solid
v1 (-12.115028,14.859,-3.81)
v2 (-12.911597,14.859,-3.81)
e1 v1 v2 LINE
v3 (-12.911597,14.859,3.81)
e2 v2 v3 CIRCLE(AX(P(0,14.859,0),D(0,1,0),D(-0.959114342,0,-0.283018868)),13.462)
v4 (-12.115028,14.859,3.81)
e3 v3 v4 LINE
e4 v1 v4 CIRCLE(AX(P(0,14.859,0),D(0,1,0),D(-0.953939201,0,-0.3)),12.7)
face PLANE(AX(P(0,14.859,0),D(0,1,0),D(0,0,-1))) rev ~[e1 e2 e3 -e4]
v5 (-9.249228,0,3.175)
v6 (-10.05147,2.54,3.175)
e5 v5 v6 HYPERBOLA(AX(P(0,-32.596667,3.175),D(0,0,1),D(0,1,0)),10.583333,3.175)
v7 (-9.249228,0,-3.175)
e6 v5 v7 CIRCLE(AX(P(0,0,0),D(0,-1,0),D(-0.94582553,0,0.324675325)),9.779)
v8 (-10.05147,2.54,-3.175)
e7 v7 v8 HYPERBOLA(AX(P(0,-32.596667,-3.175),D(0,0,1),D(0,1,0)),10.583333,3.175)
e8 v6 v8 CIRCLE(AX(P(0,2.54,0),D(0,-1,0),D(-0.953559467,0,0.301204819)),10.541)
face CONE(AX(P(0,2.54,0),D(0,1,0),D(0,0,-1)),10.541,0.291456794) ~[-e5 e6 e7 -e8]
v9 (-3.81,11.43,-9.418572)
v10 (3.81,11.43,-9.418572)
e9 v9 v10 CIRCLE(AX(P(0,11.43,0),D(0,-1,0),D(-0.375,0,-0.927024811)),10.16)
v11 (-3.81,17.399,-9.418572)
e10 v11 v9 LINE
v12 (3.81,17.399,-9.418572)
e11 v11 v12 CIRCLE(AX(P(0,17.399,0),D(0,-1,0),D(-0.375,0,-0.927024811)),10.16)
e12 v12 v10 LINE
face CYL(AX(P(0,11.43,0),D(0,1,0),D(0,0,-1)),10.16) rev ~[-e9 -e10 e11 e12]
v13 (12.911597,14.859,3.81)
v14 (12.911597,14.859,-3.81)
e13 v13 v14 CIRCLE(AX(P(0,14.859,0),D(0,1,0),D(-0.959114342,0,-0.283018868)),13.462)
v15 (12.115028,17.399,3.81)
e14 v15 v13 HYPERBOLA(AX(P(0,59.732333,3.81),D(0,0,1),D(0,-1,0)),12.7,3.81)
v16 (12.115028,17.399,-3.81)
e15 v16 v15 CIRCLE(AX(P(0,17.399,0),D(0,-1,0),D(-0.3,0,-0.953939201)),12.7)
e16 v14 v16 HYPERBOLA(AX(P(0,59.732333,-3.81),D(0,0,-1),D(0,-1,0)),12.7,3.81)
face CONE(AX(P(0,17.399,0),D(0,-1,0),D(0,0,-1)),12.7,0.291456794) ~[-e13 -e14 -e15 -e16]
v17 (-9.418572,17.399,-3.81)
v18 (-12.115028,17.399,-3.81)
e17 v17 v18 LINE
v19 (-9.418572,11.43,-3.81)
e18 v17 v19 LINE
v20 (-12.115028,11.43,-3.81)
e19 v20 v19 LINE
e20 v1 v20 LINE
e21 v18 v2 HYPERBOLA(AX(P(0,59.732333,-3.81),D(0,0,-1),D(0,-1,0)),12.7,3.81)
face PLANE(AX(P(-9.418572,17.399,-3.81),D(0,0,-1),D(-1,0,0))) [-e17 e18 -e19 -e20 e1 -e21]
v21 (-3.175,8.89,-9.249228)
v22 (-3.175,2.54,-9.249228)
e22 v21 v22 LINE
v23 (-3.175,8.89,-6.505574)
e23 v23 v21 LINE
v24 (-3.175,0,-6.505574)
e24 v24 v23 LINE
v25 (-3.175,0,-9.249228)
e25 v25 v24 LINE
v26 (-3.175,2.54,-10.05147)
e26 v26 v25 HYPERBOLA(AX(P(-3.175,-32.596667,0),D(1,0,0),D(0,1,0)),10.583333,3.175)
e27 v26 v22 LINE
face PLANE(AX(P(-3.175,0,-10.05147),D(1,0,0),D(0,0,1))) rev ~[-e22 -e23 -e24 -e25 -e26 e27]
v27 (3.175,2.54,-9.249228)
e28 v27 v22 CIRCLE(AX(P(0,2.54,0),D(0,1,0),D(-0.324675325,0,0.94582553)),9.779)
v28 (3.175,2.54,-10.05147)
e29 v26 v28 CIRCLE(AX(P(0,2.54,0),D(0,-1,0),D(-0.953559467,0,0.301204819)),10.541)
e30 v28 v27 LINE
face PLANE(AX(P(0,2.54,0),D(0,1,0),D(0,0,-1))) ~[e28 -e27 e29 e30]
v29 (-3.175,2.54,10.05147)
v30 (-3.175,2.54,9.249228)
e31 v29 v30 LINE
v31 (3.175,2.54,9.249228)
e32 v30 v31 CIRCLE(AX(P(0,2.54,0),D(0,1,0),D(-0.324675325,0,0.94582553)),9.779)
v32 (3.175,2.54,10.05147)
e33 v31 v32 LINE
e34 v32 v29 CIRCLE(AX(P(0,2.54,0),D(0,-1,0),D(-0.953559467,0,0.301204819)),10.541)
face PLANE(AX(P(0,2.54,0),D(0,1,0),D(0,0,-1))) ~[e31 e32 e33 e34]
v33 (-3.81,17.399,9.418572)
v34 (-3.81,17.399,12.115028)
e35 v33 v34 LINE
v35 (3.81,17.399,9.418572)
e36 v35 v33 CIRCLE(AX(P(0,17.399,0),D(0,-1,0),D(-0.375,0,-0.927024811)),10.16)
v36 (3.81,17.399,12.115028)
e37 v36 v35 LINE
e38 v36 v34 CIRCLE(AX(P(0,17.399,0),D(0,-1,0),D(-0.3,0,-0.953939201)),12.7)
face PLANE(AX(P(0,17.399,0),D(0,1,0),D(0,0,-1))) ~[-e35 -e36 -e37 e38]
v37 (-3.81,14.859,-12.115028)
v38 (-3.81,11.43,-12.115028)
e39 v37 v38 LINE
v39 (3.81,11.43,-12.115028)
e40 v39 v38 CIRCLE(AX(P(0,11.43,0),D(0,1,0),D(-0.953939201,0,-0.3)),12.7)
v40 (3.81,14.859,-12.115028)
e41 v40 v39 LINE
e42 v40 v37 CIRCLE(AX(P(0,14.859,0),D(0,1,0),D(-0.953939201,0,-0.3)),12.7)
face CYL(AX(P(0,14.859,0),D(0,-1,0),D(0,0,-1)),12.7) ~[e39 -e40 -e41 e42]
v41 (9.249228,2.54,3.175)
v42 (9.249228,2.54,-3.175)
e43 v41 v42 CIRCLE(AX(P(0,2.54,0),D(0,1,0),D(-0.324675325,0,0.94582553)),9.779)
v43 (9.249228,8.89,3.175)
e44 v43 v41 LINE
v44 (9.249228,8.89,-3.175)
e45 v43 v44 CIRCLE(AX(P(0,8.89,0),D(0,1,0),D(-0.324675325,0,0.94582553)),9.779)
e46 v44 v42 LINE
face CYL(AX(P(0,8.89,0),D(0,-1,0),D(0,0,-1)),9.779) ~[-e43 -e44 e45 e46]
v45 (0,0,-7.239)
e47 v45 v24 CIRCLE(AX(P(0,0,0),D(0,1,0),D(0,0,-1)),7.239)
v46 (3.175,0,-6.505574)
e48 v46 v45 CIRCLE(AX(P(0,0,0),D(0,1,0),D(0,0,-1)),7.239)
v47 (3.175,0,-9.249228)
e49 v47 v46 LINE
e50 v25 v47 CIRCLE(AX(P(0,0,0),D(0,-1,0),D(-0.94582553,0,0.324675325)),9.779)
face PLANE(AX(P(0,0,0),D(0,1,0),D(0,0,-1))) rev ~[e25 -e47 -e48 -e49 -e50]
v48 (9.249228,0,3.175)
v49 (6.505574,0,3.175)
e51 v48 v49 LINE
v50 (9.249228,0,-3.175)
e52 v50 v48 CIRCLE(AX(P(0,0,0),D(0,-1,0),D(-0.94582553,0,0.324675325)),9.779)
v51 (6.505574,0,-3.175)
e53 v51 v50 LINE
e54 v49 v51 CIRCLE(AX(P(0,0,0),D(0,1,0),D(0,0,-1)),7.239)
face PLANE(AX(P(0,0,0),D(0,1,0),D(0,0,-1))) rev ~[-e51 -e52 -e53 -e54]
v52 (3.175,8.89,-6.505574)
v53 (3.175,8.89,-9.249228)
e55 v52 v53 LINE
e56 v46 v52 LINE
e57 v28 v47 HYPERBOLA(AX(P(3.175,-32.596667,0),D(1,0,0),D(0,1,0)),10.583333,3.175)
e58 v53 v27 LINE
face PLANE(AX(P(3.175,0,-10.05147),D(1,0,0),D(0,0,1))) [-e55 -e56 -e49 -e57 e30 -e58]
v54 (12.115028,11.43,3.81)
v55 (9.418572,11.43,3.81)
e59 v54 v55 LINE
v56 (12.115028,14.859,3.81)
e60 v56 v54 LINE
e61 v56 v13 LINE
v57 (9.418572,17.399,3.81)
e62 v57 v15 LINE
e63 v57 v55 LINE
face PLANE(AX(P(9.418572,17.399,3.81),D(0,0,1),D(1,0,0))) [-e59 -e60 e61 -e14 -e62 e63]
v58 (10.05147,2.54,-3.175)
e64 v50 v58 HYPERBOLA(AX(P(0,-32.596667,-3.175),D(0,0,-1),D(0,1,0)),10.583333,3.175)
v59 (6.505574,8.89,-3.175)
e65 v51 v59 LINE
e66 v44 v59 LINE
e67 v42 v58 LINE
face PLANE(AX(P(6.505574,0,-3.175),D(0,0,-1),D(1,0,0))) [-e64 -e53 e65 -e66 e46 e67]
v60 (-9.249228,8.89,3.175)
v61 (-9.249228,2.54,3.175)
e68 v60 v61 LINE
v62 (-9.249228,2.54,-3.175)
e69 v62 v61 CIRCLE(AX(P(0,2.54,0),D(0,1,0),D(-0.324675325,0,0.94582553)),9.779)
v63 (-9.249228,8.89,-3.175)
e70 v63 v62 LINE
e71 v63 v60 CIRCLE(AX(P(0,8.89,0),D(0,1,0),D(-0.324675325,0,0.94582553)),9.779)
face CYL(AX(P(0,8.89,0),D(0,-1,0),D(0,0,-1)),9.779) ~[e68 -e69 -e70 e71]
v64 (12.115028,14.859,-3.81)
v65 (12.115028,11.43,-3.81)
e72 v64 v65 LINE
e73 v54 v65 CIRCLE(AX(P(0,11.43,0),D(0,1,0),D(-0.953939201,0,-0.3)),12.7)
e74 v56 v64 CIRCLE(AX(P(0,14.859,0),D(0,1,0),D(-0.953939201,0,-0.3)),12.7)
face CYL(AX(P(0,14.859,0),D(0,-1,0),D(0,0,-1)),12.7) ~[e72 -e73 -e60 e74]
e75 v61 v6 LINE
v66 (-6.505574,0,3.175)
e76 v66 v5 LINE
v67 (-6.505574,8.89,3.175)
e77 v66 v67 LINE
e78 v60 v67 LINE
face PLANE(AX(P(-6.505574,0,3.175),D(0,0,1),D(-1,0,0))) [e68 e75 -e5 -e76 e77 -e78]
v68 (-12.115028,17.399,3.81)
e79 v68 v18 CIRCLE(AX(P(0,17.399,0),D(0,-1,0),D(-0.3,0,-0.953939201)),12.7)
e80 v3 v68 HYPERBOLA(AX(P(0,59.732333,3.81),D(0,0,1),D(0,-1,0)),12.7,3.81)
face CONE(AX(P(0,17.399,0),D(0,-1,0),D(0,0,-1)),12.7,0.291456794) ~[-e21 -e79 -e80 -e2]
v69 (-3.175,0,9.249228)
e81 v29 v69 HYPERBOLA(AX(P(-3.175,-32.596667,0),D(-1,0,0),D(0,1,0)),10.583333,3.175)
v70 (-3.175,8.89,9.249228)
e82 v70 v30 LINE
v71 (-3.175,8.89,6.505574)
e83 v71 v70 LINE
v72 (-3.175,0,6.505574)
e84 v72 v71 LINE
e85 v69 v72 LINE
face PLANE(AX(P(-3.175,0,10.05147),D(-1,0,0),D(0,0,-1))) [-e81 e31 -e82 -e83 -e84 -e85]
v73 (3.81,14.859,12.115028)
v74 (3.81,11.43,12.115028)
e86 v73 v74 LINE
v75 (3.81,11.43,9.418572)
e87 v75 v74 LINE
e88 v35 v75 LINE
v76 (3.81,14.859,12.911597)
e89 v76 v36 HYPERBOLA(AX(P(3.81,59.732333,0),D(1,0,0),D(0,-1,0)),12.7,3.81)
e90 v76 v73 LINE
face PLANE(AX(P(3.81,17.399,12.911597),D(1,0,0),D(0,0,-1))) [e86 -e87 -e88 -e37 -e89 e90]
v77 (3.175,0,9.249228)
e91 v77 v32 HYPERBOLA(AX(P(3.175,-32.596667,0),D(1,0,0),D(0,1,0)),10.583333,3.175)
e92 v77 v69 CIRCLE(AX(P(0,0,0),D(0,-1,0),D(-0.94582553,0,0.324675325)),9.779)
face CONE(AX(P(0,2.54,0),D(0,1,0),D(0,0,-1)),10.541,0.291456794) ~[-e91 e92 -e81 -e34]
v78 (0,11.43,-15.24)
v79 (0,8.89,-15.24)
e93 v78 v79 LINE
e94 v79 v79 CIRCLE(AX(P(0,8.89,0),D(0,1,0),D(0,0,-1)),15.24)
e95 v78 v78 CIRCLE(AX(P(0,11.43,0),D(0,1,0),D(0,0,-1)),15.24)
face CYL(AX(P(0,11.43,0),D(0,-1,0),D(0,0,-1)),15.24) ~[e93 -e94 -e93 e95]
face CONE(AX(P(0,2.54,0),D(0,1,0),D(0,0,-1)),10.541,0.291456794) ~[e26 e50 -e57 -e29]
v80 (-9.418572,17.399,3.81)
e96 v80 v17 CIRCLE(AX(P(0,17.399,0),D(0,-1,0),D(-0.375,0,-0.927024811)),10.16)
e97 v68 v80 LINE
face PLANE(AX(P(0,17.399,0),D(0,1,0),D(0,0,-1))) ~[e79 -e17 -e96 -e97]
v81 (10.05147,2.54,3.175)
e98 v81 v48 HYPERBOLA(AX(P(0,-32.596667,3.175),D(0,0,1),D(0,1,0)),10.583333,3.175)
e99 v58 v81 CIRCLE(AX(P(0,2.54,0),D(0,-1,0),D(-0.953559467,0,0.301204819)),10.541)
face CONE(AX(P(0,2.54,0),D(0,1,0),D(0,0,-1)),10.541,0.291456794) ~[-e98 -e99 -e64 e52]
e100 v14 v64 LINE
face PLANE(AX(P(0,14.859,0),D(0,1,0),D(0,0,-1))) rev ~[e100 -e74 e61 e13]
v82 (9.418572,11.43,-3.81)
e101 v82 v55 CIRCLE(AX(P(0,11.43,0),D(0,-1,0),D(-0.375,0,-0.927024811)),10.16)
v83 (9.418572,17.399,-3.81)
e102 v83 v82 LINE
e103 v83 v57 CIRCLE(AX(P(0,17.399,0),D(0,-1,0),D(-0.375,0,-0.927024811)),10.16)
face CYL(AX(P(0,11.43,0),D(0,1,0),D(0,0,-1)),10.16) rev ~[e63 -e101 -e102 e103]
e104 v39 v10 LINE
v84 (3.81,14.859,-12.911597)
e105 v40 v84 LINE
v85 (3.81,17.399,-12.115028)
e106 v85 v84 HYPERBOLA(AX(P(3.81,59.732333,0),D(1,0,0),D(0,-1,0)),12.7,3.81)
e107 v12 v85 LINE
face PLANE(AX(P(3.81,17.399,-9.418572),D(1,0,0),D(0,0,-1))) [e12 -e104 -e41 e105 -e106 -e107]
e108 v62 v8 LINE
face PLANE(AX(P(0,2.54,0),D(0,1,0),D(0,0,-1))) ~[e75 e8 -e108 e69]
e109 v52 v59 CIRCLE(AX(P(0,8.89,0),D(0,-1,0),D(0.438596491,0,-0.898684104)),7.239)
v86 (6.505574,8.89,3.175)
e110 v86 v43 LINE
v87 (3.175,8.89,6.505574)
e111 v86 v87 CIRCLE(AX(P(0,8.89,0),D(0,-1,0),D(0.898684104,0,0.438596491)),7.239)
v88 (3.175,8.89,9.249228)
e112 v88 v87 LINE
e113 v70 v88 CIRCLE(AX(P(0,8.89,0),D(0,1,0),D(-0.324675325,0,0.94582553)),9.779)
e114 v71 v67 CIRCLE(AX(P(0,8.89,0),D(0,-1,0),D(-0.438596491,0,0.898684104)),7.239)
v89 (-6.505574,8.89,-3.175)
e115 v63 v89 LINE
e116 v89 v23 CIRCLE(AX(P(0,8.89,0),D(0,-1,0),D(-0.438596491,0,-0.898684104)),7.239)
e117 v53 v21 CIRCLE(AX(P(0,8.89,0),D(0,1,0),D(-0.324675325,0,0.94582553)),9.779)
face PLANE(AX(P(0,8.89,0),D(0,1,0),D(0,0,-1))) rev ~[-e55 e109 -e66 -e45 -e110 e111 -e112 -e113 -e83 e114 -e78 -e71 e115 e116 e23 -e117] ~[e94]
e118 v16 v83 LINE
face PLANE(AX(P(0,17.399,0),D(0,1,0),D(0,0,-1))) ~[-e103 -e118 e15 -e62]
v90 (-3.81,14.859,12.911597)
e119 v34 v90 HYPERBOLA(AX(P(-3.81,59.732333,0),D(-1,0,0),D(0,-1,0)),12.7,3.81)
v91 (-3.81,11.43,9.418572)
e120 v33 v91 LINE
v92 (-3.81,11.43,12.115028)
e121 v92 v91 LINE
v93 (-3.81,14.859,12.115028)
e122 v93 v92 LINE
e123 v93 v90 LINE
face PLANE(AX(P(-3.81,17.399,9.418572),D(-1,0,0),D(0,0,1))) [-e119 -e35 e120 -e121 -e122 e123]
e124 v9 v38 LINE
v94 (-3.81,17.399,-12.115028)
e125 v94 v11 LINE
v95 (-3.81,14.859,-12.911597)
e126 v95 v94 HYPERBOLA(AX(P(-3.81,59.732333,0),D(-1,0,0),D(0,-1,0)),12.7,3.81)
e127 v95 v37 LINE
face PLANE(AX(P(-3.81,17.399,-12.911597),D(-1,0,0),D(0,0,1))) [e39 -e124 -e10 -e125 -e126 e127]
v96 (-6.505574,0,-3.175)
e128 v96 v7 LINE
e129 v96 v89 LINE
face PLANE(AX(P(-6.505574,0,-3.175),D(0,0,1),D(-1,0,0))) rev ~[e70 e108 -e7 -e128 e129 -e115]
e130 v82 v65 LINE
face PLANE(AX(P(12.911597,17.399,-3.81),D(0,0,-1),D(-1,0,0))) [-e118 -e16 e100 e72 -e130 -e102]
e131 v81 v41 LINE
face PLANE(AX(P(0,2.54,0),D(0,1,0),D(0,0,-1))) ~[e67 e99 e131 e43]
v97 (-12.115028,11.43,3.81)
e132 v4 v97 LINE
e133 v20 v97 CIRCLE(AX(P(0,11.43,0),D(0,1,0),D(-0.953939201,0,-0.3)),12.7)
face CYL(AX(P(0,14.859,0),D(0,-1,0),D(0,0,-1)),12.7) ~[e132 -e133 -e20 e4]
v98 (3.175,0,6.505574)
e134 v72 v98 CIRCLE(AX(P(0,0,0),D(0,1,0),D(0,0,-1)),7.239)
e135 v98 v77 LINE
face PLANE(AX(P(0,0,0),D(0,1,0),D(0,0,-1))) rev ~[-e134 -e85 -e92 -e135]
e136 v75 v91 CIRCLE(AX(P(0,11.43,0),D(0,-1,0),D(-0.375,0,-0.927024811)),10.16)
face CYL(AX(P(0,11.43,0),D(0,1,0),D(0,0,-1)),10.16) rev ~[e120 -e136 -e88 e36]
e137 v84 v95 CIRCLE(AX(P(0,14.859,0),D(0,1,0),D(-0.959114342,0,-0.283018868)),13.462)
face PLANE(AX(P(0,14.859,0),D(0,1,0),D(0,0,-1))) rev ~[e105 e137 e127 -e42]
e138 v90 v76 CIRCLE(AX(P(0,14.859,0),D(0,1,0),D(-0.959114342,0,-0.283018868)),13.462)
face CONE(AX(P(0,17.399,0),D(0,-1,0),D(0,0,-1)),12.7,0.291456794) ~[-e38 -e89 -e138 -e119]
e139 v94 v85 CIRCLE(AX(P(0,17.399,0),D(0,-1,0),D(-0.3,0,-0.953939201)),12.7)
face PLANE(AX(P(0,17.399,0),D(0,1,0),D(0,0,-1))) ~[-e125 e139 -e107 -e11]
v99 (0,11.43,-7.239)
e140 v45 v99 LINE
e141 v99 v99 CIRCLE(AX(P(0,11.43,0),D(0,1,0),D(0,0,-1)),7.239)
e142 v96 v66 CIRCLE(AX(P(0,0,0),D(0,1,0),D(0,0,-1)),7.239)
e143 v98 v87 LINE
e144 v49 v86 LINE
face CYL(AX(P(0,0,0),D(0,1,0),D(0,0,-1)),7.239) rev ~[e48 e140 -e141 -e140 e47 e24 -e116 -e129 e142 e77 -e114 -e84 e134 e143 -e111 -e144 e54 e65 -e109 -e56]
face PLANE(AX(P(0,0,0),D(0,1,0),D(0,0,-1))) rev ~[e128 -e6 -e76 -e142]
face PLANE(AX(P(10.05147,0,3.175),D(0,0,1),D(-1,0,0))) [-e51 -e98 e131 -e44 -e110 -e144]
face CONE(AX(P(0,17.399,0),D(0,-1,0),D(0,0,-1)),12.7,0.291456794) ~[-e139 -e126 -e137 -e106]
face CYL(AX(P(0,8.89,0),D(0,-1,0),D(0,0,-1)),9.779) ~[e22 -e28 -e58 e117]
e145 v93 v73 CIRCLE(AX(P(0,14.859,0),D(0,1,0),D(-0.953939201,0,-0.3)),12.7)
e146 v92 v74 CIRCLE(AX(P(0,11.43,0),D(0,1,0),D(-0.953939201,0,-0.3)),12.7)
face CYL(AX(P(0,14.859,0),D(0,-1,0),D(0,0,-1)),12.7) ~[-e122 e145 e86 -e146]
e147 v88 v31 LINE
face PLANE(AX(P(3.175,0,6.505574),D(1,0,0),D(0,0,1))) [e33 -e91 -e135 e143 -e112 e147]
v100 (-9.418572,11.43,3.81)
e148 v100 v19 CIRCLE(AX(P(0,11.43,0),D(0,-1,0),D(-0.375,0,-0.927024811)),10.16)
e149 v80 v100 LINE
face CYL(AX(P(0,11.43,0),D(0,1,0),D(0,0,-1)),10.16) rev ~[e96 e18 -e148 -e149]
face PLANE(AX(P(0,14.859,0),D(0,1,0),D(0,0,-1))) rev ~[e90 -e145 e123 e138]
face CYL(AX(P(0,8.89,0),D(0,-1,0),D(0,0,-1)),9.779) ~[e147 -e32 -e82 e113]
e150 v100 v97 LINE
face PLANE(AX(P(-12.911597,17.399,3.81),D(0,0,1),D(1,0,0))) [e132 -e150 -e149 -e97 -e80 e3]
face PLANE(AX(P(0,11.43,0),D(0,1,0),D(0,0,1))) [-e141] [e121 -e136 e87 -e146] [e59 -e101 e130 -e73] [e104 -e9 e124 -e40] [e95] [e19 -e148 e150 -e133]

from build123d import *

# Parameters (mm, degrees)
CUT_EXTRUDE1_REACH = 29.699
CUT_EXTRUDE2_REACH = 29.699


with BuildPart() as part:
    # Sketch1 → Revolve1 (revolve)
    with BuildSketch(Plane.XY, mode=Mode.PRIVATE) as revolve1_sk:
        Polygon((12.7, 17.399), (13.462, 14.859), (12.7, 14.859), (12.7, 11.43), (15.24, 11.43), (15.24, 8.89), (9.779, 8.89), (9.779, 2.54), (10.541, 2.54), (9.779, 0), (7.239, 0), (7.239, 11.43), (10.16, 11.43), (10.16, 17.399), align=None)
    revolve(revolve1_sk.sketch.rotate(Axis((0, 0, 0), (0, 1, 0)), 90), axis=Axis((0, 0, 0), (0, 1, 0)))

    # Cut-Extrude1: up to this face of the body (flat: up to its plane)
    cut_extrude1_end = Plane(part.part.faces().sort_by_distance((0, 11.43, 13.131052294))[0])
    # Sketch2 → Cut-Extrude1 (cut, up to the picked face)
    with BuildSketch(Plane(origin=(0, 17.399, 0), x_dir=(1, 0, 0), z_dir=(0, 1, 0)), mode=Mode.PRIVATE) as cut_extrude1_sk1:
        with BuildLine():
            Line((-9.418572079, 3.81), (-12.911597268, 3.81))
            ThreePointArc((-12.911597268, 3.81), (-9.519071488, 9.519071488), (-3.81, 12.911597268))
            Line((-3.81, 12.911597268), (-3.81, 9.418572079))
            ThreePointArc((-3.81, 9.418572079), (-7.184204897, 7.184204897), (-9.418572079, 3.81))
        make_face()
    cut_extrude1_tool1 = split(extrude(cut_extrude1_sk1.sketch, amount=-CUT_EXTRUDE1_REACH, mode=Mode.PRIVATE), bisect_by=cut_extrude1_end, keep=Keep.BOTH, mode=Mode.PRIVATE)
    # Sketch2 → Cut-Extrude1 (cut, up to the picked face)
    with BuildSketch(Plane(origin=(0, 17.399, 0), x_dir=(1, 0, 0), z_dir=(0, 1, 0)), mode=Mode.PRIVATE) as cut_extrude1_sk2:
        with BuildLine():
            Line((-12.911597268, -3.81), (-9.418572079, -3.81))
            ThreePointArc((-9.418572079, -3.81), (-7.184204897, -7.184204897), (-3.81, -9.418572079))
            Line((-3.81, -9.418572079), (-3.81, -12.911597268))
            ThreePointArc((-3.81, -12.911597268), (-9.519071488, -9.519071488), (-12.911597268, -3.81))
        make_face()
    cut_extrude1_tool2 = split(extrude(cut_extrude1_sk2.sketch, amount=-CUT_EXTRUDE1_REACH, mode=Mode.PRIVATE), bisect_by=cut_extrude1_end, keep=Keep.BOTH, mode=Mode.PRIVATE)
    # Sketch2 → Cut-Extrude1 (cut, up to the picked face)
    with BuildSketch(Plane(origin=(0, 17.399, 0), x_dir=(1, 0, 0), z_dir=(0, 1, 0)), mode=Mode.PRIVATE) as cut_extrude1_sk3:
        with BuildLine():
            Line((3.81, 9.418572079), (3.81, 12.911597268))
            ThreePointArc((3.81, 12.911597268), (9.519071488, 9.519071488), (12.911597268, 3.81))
            Line((12.911597268, 3.81), (9.418572079, 3.81))
            ThreePointArc((9.418572079, 3.81), (7.184204897, 7.184204897), (3.81, 9.418572079))
        make_face()
    cut_extrude1_tool3 = split(extrude(cut_extrude1_sk3.sketch, amount=-CUT_EXTRUDE1_REACH, mode=Mode.PRIVATE), bisect_by=cut_extrude1_end, keep=Keep.BOTH, mode=Mode.PRIVATE)
    # Sketch2 → Cut-Extrude1 (cut, up to the picked face)
    with BuildSketch(Plane(origin=(0, 17.399, 0), x_dir=(1, 0, 0), z_dir=(0, 1, 0)), mode=Mode.PRIVATE) as cut_extrude1_sk4:
        with BuildLine():
            Line((9.418572079, -3.81), (12.911597268, -3.81))
            ThreePointArc((12.911597268, -3.81), (9.519071488, -9.519071488), (3.81, -12.911597268))
            Line((3.81, -12.911597268), (3.81, -9.418572079))
            ThreePointArc((3.81, -9.418572079), (7.184204897, -7.184204897), (9.418572079, -3.81))
        make_face()
    cut_extrude1_tool4 = split(extrude(cut_extrude1_sk4.sketch, amount=-CUT_EXTRUDE1_REACH, mode=Mode.PRIVATE), bisect_by=cut_extrude1_end, keep=Keep.BOTH, mode=Mode.PRIVATE)
    add(cut_extrude1_tool1.solids().sort_by(Axis((-8.150135, 17.399, -8.150135), (0, -1, 0)))[0], mode=Mode.SUBTRACT)
    add(cut_extrude1_tool2.solids().sort_by(Axis((-8.150135, 17.399, 8.150135), (0, -1, 0)))[0], mode=Mode.SUBTRACT)
    add(cut_extrude1_tool3.solids().sort_by(Axis((8.150135, 17.399, -8.150135), (0, -1, 0)))[0], mode=Mode.SUBTRACT)
    add(cut_extrude1_tool4.solids().sort_by(Axis((8.150135, 17.399, 8.150135), (0, -1, 0)))[0], mode=Mode.SUBTRACT)

    # Cut-Extrude2: up to this face of the body (flat: up to its plane)
    cut_extrude2_end = Plane(part.part.faces().sort_by_distance((0, 8.89, 14.808947706))[0])
    # Sketch3 → Cut-Extrude2 (cut, up to the picked face)
    with BuildSketch(Plane.XZ, mode=Mode.PRIVATE) as cut_extrude2_sk1:
        with BuildLine():
            Line((-6.505574225, 3.175), (-10.05147034, 3.175))
            ThreePointArc((-10.05147034, 3.175), (-7.45361258, 7.45361258), (-3.175, 10.05147034))
            Line((-3.175, 10.05147034), (-3.175, 6.505574225))
            ThreePointArc((-3.175, 6.505574225), (-5.118745989, 5.118745989), (-6.505574225, 3.175))
        make_face()
    cut_extrude2_tool1 = split(extrude(cut_extrude2_sk1.sketch, amount=-CUT_EXTRUDE2_REACH, mode=Mode.PRIVATE), bisect_by=cut_extrude2_end, keep=Keep.BOTH, mode=Mode.PRIVATE)
    # Sketch3 → Cut-Extrude2 (cut, up to the picked face)
    with BuildSketch(Plane.XZ, mode=Mode.PRIVATE) as cut_extrude2_sk2:
        with BuildLine():
            Line((-6.505574225, -3.175), (-10.05147034, -3.175))
            ThreePointArc((-10.05147034, -3.175), (-7.45361258, -7.45361258), (-3.175, -10.05147034))
            Line((-3.175, -10.05147034), (-3.175, -6.505574225))
            ThreePointArc((-3.175, -6.505574225), (-5.118745989, -5.118745989), (-6.505574225, -3.175))
        make_face()
    cut_extrude2_tool2 = split(extrude(cut_extrude2_sk2.sketch, amount=-CUT_EXTRUDE2_REACH, mode=Mode.PRIVATE), bisect_by=cut_extrude2_end, keep=Keep.BOTH, mode=Mode.PRIVATE)
    # Sketch3 → Cut-Extrude2 (cut, up to the picked face)
    with BuildSketch(Plane.XZ, mode=Mode.PRIVATE) as cut_extrude2_sk3:
        with BuildLine():
            Line((3.175, 6.505574225), (3.175, 10.05147034))
            ThreePointArc((3.175, 10.05147034), (7.45361258, 7.45361258), (10.05147034, 3.175))
            Line((10.05147034, 3.175), (6.505574225, 3.175))
            ThreePointArc((6.505574225, 3.175), (5.118745989, 5.118745989), (3.175, 6.505574225))
        make_face()
    cut_extrude2_tool3 = split(extrude(cut_extrude2_sk3.sketch, amount=-CUT_EXTRUDE2_REACH, mode=Mode.PRIVATE), bisect_by=cut_extrude2_end, keep=Keep.BOTH, mode=Mode.PRIVATE)
    # Sketch3 → Cut-Extrude2 (cut, up to the picked face)
    with BuildSketch(Plane.XZ, mode=Mode.PRIVATE) as cut_extrude2_sk4:
        with BuildLine():
            Line((6.505574225, -3.175), (10.05147034, -3.175))
            ThreePointArc((10.05147034, -3.175), (7.45361258, -7.45361258), (3.175, -10.05147034))
            Line((3.175, -10.05147034), (3.175, -6.505574225))
            ThreePointArc((3.175, -6.505574225), (5.118745989, -5.118745989), (6.505574225, -3.175))
        make_face()
    cut_extrude2_tool4 = split(extrude(cut_extrude2_sk4.sketch, amount=-CUT_EXTRUDE2_REACH, mode=Mode.PRIVATE), bisect_by=cut_extrude2_end, keep=Keep.BOTH, mode=Mode.PRIVATE)
    add(cut_extrude2_tool1.solids().sort_by(Axis((-6.228446, 0, 6.228446), (0, 1, 0)))[0], mode=Mode.SUBTRACT)
    add(cut_extrude2_tool2.solids().sort_by(Axis((-6.228446, 0, -6.228446), (0, 1, 0)))[0], mode=Mode.SUBTRACT)
    add(cut_extrude2_tool3.solids().sort_by(Axis((6.228446, 0, 6.228446), (0, 1, 0)))[0], mode=Mode.SUBTRACT)
    add(cut_extrude2_tool4.solids().sort_by(Axis((6.228446, 0, -6.228446), (0, 1, 0)))[0], mode=Mode.SUBTRACT)


solid = part.part
